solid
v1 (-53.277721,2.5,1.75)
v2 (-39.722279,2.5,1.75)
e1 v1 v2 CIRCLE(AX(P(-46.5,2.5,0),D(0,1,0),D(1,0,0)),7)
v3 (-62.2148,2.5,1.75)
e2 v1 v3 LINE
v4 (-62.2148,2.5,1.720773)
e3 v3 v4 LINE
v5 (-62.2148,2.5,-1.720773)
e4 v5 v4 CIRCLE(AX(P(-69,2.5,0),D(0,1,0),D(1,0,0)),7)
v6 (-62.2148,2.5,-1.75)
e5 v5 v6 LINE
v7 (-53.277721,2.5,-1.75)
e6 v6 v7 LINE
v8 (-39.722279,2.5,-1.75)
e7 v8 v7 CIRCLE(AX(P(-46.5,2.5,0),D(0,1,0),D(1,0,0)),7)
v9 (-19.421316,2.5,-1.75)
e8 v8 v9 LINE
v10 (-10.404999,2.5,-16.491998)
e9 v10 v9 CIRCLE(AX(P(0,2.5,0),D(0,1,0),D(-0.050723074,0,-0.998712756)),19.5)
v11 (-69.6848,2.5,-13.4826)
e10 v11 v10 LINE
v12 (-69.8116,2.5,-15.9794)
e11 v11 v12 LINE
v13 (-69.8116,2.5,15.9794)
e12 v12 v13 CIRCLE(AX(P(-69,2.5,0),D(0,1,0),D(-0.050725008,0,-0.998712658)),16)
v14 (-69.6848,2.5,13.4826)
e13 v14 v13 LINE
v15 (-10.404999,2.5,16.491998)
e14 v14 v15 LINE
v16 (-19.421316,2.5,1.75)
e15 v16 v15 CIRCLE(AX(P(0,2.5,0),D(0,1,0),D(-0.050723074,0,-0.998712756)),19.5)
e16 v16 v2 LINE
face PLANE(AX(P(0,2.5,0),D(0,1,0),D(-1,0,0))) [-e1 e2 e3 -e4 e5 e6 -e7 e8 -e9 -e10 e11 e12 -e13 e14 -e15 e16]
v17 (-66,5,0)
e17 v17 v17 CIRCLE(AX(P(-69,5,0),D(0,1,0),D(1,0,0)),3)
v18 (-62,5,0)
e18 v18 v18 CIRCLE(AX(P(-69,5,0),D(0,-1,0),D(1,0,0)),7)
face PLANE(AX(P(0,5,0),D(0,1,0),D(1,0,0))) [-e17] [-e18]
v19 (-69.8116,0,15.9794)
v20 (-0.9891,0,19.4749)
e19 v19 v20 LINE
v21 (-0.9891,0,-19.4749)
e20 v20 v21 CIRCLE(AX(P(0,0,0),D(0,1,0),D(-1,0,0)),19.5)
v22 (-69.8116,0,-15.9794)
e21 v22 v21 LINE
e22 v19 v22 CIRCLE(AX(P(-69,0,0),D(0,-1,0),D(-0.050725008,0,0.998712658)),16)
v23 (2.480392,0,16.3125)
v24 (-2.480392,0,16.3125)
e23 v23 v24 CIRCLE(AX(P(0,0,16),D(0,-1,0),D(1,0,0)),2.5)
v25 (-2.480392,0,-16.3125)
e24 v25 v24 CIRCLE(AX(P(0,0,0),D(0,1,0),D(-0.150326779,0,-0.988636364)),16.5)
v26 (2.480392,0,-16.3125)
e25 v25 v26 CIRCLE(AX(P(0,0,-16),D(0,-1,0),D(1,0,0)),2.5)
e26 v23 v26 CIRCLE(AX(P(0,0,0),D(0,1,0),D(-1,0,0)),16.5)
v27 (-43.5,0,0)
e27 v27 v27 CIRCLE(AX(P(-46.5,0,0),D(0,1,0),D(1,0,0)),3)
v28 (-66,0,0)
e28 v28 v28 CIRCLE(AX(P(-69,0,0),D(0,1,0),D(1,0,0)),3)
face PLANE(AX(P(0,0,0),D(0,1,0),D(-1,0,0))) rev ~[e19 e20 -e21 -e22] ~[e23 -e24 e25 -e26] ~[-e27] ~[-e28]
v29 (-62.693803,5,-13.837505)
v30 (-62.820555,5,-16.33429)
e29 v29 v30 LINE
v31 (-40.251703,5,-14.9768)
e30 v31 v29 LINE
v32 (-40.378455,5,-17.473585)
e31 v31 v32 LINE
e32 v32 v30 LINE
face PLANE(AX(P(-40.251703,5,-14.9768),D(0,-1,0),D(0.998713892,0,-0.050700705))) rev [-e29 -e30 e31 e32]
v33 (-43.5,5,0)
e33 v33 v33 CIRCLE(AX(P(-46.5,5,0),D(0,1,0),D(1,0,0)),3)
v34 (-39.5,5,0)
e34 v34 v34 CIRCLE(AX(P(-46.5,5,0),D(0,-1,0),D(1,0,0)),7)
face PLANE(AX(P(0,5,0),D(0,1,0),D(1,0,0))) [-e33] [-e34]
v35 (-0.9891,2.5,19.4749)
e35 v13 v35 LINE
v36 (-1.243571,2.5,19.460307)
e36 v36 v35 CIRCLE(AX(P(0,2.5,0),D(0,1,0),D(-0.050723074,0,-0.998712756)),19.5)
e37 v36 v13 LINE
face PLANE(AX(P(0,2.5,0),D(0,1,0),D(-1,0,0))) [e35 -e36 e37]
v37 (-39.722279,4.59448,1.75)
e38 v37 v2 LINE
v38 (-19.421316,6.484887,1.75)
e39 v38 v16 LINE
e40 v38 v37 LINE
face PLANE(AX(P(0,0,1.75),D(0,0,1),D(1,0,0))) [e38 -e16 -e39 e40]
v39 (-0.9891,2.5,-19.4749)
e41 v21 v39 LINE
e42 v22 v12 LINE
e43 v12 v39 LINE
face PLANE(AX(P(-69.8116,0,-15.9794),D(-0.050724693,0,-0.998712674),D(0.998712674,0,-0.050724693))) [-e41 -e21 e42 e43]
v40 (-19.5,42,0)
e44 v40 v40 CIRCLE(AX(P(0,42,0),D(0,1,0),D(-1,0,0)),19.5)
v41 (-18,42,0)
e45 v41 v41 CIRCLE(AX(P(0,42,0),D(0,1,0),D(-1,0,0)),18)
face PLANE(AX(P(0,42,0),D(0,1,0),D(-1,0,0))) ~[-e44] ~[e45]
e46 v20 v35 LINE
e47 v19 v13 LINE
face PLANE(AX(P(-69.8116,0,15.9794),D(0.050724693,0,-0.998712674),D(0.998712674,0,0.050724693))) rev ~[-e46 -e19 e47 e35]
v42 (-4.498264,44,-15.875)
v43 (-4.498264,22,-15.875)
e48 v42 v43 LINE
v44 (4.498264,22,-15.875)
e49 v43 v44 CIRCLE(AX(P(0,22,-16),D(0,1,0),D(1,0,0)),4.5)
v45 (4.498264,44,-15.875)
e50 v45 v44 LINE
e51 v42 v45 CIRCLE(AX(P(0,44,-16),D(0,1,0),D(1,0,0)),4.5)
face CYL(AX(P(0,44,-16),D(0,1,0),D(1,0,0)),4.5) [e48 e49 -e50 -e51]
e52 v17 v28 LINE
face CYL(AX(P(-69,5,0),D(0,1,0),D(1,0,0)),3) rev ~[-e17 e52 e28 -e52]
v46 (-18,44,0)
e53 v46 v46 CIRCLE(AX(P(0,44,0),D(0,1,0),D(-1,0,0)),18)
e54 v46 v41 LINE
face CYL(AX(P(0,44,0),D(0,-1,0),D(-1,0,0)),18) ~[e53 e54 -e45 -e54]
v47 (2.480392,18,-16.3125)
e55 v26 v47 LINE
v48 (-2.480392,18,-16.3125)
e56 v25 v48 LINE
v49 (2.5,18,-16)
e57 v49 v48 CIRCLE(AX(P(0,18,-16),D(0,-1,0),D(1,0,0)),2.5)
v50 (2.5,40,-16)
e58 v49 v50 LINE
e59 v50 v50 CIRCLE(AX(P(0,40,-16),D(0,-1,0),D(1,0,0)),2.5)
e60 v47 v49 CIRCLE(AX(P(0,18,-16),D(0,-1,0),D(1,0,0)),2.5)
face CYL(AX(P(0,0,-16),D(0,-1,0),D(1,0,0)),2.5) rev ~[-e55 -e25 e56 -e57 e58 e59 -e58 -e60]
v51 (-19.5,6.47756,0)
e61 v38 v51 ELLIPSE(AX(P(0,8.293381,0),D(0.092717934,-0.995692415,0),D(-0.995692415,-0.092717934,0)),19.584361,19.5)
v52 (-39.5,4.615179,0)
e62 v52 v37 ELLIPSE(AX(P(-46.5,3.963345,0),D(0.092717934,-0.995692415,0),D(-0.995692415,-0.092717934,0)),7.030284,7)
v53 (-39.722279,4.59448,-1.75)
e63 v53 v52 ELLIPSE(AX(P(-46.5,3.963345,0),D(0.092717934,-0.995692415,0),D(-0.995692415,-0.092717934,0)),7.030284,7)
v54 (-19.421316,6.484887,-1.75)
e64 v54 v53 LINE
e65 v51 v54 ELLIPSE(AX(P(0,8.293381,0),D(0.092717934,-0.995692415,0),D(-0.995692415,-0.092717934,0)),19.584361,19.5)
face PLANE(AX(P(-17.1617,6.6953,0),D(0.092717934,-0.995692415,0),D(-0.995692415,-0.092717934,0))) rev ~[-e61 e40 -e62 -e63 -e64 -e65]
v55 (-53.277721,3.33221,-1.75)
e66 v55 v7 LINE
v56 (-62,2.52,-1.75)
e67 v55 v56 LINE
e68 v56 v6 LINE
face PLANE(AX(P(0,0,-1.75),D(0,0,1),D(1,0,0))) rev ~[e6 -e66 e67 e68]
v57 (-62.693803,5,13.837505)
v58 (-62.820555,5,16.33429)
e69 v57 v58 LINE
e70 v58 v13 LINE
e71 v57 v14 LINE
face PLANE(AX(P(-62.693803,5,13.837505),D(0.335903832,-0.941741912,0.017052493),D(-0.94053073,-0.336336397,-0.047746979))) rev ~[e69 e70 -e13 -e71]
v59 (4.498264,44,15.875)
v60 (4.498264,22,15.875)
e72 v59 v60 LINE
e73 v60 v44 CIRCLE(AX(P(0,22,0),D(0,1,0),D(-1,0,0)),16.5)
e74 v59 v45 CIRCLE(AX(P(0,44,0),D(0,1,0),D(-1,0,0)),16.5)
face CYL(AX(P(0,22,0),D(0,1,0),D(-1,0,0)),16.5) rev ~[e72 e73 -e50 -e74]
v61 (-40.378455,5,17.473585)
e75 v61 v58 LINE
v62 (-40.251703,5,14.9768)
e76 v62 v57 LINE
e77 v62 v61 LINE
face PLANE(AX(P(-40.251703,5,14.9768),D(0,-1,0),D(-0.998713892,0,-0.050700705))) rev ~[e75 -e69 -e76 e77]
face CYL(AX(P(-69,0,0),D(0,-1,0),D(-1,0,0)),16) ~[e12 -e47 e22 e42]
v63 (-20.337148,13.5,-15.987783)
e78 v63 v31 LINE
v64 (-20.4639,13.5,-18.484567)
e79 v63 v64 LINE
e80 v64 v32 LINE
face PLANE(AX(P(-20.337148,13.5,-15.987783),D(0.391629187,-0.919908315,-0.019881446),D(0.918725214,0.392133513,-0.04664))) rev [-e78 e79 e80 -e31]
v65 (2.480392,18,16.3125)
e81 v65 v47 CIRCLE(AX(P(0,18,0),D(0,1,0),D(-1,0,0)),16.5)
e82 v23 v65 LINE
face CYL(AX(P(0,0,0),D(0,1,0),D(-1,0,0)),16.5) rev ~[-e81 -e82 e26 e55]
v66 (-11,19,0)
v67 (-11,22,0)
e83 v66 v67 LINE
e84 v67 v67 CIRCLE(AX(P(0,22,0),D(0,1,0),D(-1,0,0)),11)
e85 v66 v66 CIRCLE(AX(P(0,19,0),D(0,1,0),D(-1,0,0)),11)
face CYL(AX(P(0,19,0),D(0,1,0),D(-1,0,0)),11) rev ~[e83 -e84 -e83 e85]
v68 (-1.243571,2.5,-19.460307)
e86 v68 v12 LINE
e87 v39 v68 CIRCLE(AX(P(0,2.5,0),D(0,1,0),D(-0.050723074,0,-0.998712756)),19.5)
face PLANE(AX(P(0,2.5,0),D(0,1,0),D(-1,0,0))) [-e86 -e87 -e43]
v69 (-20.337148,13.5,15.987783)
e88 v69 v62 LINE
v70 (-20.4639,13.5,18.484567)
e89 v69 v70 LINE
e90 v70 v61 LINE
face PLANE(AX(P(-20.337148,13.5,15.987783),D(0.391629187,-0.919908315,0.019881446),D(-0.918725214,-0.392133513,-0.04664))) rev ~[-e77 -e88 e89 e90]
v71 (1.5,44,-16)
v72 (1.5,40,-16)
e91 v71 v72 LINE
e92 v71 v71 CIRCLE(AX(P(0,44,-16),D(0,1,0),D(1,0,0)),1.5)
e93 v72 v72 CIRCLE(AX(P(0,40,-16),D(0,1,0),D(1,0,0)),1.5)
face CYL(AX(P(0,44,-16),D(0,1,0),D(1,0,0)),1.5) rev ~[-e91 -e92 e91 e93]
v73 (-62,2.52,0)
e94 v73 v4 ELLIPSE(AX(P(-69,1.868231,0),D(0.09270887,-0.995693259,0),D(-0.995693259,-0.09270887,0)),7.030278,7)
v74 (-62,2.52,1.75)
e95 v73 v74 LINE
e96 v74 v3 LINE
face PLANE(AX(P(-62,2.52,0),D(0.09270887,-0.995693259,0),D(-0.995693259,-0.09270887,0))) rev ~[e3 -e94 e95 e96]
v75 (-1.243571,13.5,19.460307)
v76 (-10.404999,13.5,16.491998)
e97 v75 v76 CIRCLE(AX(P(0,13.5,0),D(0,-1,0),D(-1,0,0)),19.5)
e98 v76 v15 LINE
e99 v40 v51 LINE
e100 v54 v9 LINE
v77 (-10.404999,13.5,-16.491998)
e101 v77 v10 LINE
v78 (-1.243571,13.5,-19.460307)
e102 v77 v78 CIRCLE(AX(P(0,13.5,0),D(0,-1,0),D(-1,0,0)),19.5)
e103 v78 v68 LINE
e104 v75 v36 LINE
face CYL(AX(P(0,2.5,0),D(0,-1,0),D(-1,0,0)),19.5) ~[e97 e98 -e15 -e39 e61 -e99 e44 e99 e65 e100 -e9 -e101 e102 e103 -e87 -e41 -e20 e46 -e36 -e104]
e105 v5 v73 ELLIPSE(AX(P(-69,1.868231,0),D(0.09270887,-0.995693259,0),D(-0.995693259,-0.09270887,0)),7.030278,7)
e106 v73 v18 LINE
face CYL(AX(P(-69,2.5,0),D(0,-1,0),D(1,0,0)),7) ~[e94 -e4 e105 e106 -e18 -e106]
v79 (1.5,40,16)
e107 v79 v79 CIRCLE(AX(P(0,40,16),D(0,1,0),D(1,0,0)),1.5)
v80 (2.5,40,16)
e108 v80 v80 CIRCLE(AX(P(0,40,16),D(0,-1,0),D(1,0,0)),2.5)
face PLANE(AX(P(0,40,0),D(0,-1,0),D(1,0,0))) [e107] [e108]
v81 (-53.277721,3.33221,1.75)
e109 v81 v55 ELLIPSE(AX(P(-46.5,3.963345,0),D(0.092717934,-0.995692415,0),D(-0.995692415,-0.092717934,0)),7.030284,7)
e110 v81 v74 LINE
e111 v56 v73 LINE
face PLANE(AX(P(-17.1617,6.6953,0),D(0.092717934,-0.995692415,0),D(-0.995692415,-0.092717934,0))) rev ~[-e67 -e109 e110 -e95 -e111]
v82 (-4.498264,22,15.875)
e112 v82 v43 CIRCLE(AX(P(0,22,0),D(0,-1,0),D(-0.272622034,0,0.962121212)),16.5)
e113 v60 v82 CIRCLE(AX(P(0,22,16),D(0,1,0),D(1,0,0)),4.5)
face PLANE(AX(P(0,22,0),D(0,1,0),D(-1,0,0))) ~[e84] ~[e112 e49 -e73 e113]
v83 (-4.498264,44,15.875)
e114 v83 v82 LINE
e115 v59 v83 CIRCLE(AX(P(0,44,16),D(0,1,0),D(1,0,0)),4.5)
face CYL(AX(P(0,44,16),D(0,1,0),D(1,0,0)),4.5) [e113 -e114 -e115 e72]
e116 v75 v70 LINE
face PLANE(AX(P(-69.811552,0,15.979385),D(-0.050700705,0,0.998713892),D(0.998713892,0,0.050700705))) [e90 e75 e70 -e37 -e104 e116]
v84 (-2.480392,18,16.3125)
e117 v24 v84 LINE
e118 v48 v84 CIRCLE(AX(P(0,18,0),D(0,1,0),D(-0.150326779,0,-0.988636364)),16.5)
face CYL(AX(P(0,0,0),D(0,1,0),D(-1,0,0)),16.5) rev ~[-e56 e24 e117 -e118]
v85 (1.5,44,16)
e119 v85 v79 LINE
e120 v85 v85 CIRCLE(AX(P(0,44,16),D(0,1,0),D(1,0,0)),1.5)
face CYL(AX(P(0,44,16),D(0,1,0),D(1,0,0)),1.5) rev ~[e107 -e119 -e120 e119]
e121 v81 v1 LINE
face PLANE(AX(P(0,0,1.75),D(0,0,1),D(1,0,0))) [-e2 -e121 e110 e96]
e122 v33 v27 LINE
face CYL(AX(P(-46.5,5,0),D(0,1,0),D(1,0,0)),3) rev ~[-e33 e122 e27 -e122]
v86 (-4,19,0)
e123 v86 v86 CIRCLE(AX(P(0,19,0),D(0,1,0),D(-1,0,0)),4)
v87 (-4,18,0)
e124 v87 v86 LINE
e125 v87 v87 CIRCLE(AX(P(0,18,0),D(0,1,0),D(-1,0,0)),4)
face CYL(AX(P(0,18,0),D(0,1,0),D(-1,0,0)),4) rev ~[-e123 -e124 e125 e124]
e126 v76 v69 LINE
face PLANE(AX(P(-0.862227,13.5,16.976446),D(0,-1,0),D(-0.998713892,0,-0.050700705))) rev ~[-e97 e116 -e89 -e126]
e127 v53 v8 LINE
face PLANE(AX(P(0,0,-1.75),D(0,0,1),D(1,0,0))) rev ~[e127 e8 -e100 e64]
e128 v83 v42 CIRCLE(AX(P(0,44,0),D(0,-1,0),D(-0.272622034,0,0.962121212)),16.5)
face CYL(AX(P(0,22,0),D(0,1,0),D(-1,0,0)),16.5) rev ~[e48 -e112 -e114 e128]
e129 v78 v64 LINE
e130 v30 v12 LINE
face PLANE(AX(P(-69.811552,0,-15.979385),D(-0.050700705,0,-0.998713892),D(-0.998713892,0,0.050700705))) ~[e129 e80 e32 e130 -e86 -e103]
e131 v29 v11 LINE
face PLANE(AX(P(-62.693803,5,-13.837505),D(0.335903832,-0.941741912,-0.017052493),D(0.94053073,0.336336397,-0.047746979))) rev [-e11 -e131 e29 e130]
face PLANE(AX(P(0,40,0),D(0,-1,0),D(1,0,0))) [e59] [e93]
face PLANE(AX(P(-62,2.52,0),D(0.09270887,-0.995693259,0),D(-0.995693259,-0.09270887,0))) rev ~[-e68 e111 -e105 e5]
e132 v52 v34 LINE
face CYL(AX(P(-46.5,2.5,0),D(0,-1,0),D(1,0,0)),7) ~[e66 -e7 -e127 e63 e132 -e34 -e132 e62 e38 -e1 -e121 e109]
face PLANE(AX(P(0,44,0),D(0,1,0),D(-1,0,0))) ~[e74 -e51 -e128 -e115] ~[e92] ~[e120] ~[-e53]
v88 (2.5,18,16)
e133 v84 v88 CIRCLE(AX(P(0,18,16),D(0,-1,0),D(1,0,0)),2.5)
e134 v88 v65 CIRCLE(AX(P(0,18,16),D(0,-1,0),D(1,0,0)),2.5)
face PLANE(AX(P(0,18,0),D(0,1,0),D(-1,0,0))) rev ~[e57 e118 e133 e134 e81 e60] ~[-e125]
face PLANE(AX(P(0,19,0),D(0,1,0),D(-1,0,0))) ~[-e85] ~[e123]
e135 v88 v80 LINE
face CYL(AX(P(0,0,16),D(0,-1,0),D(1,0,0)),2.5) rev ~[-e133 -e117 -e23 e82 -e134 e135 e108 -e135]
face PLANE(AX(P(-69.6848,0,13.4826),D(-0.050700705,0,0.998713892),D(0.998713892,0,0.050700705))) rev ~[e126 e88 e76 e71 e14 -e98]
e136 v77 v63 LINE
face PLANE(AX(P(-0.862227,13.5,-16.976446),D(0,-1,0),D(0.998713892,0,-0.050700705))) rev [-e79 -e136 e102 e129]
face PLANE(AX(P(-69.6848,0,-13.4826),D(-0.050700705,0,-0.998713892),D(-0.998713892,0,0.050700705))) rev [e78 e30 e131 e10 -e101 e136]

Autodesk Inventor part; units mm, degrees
ref_plane "YZ Plane" through (0, 0, 0) normal (1, 0, 0) x (0, 1, 0)
ref_plane "XZ Plane" through (0, 0, 0) normal (0, 1, 0) x (-1, 0, 0)
sketch "Sketch1" plane through (0, 0, 0) normal (0, 1, 0) x (-1, 0, 0)
  circle A0 centre (0, 0) radius 19.5
  line L0 (0, 0) -> (69, 0) construction
  circle A1 centre (69, 0) radius 16
  line L1 (69.8116, -15.9794) -> (0.9891, -19.4749)
  line L2 (69.8116, 15.9794) -> (0.9891, 19.4749)
  point P0 (0.9891, 19.4749)
  dimension "d0" = 39
  dimension "d1" = 32
  dimension "d2" = 69
extrude "Extrusion1" add sketch "Sketch1" along normal blind 2.5 contours A0 L2 A1 L1 | A1
sketch "Sketch3" plane through (0, 0, 0) normal (0, 0, 1) x (1, 0, 0)
  line L0 (0, 0) -> (0, 29.1077)
  line L1 (0, 22) -> (-16.5, 22)
  line L2 (-16.5, 22) -> (-16.5, 44)
  line L3 (-16.5, 44) -> (-19.5, 44)
  line L4 (-19.5, 44) -> (-19.5, 2.5)
  line L5 (-19.5, 2.5) -> (-0.9891, 2.5) projected
  line L6 (-19.5, 2.5) -> (-19.5, 0)
  line L7 (-19.5, 0) -> (-16.5, 0)
  line L8 (-19.5, 0) -> (-0.9891, 0) projected
  line L9 (-16.5, 0) -> (-16.5, 18)
  line L10 (-16.5, 18) -> (0, 18)
  line L11 (-18, 44) -> (-18, 42)
  line L12 (-18, 42) -> (-19.5, 42)
  line L13 (-4, 18) -> (-4, 19)
  line L14 (-4, 19) -> (-11, 19)
  line L15 (-11, 19) -> (-11, 22)
  point P0 (-16.5, 2.5)
  dimension "d5" = 44
  dimension "d6" = 2
  dimension "d7" = 18
  dimension "d8" = 16.5
  dimension "d10" = 4
  dimension "d11" = 3
  dimension "d12" = 22
  dimension "d13" = 11
  dimension "d14" = 1
revolve "Revolution1" add sketch "Sketch3" angle 360 about axis through (0, 0, 0) along (0, 1, 0) contours L10 L9 L5 L4 L12 L11 L3 L2 L1 L15 L14 L13 | L9 L7 L6 L5
sketch "Sketch4" plane through (0, 2.5, 0) normal (0, 1, 0) x (1, 0, 0)
  line L0 (0, 0) -> (-85, 0)
  arc A0 (-69.8116, 15.9794) -> (-69.8116, -15.9794) centre (-69, 0) ccw projected
  circle A1 centre (-46.5, 0) radius 7
  circle A2 centre (-69, 0) radius 7
  dimension "d17" = 46.5
  dimension "d18" = 22.5
  dimension "d19" = 14
extrude "Extrusion2" add sketch "Sketch4" along normal blind 2.5
ref_plane "Work Plane1" through (-69.6848, 0, 13.4826) normal (-0.0507, 0, 0.9987) x (0.9987, 0, 0.0507)
sketch "Sketch6" plane through (-69.6848, 0, 13.4826) normal (-0.0507, 0, 0.9987) x (0.9987, 0, 0.0507)
  line L0 (68.9112, 0) -> (68.9112, 13.5)
  line L1 (68.9112, 13.5) -> (49.4112, 13.5)
  line L2 (49.4112, 13.5) -> (29.471, 5)
  line L3 (29.471, 5) -> (7, 5)
  line L4 (7, 5) -> (0, 2.5)
  line L5 (66.9355, 2.5) -> (-1.6211, 2.5) projected
  line L6 (29.471, 2.5) -> (29.471, 5) projected
  line L7 (7, 2.5) -> (7, 5) projected
  line L8 (49.4112, 2.5) -> (49.4112, 42) projected
  line L9 (7, 5) -> (-7, 5) projected
  line L10 (0, 5) -> (0, 18.3194) construction
  line L11 (66.9355, 0) -> (-1.6211, 0) projected
  line L12 (66.9355, 2.5) -> (68.9112, 2.5)
  dimension "d23" = 13.5
  dimension "d24" = 5
extrude "Extrusion3" add sketch "Sketch6" along normal blind 2.5
mirror "Mirror1" about plane through (0, 0, 0) normal (0, 0, 1) of "Extrusion3"
sketch "Sketch7" plane through (0, 0, 0) normal (0, 0, 1) x (1, 0, 0)
  line L0 (-17.1617, 6.6953) -> (-62, 2.52)
  line L1 (-62, 2.5) -> (-62, 5) projected
  line L2 (-62, 2.52) -> (-62, 2.5)
  line L3 (-10.4025, 2.5) -> (-69.6848, 2.5) projected
  line L4 (-17.1617, 2.5) -> (-62, 2.5)
  line L5 (-17.1617, 2.5) -> (-17.1617, 6.6953)
  line L6 (-0.9891, 0) -> (-69.8116, 0) projected
  line L7 (-62, 2.52) -> (-62.2148, 2.5)
  point P0 (0, 0)
  dimension "d27" = 5.32
  dimension "d28" = 2.52
extrude "Extrusion4" add sketch "Sketch7" along normal mid plane 3.5
sketch "Sketch8" plane through (-46.5, 5, 0) normal (0, 1, 0) x (1, 0, 0)
  arc A0 (-6.7777, -1.75) -> (6.7777, -1.75) centre (0, 0) ccw projected
  circle A1 centre (0, 0) radius 3
  arc A2 (-15.7148, 1.7207) -> (-15.7148, -1.7207) centre (-22.5, 0) ccw projected
  circle A3 centre (-22.5, 0) radius 3
  point P0 (46.5, 0)
  point P1 (-15.5, 0)
  dimension "d31" = 6
extrude "Extrusion5" cut sketch "Sketch8" against normal through all
sketch "Sketch9" plane through (0, 44, 0) normal (0, 1, 0) x (1, 0, 0)
  circle A0 centre (0, -16) radius 4.5
  line L0 (0, 0) -> (24.199, 0) construction
  circle A1 centre (0, 0) radius 16.5 projected
  circle A2 centre (0, 16) radius 4.5
  point P0 (-4.4983, 15.875)
  point P1 (4.4983, 15.875)
  point P2 (-4.4983, -15.875)
  point P3 (4.4983, -15.875)
  dimension "d34" = 9
  dimension "d35" = 16
extrude "Extrusion6" add sketch "Sketch9" against normal up to surface (22 mm away) contours A1 A0 | A1 A2 picked at (-0.1776, -14.7973) picked at (-0.1776, 14.7973)
sketch "Sketch10" plane through (0, 44, 0) normal (0, 1, 0) x (1, 0, 0)
  arc A0 (4.4983, -15.875) -> (-4.4983, -15.875) centre (0, -16) ccw projected
  circle A1 centre (0, -16) radius 1.5
  line L0 (0, 0) -> (9.3395, 0) construction
  circle A2 centre (0, 16) radius 1.5
  dimension "d38" = 3
extrude "Extrusion7" cut sketch "Sketch10" against normal blind 4
sketch "Sketch11" plane through (0, 0, 0) normal (0, -1, 0) x (1, 0, 0)
  circle A0 centre (0, 16) radius 1.5 projected
  circle A1 centre (0, 16) radius 2.5
  line L0 (0, 0) -> (10.318, 0)
  circle A2 centre (0, -16) radius 2.5
  dimension "d41" = 5
extrude "Extrusion8" cut sketch "Sketch11" against normal up to surface (40 mm away) contours A0 | A1 | A2
sketch "Sketch12" plane through (0, 44, 0) normal (0, 1, 0) x (1, 0, 0)
  line L0 (36.079, 0) -> (-96.4154, 0)
  line L1 (-96.4154, 0) -> (-96.4154, 28.1723)
  line L2 (-96.4154, 28.1723) -> (36.079, 28.1723)
  line L3 (36.079, 28.1723) -> (36.079, 0)
  point P0 (0, 0)
properties part number "pt1" material "Stainless Steel"
